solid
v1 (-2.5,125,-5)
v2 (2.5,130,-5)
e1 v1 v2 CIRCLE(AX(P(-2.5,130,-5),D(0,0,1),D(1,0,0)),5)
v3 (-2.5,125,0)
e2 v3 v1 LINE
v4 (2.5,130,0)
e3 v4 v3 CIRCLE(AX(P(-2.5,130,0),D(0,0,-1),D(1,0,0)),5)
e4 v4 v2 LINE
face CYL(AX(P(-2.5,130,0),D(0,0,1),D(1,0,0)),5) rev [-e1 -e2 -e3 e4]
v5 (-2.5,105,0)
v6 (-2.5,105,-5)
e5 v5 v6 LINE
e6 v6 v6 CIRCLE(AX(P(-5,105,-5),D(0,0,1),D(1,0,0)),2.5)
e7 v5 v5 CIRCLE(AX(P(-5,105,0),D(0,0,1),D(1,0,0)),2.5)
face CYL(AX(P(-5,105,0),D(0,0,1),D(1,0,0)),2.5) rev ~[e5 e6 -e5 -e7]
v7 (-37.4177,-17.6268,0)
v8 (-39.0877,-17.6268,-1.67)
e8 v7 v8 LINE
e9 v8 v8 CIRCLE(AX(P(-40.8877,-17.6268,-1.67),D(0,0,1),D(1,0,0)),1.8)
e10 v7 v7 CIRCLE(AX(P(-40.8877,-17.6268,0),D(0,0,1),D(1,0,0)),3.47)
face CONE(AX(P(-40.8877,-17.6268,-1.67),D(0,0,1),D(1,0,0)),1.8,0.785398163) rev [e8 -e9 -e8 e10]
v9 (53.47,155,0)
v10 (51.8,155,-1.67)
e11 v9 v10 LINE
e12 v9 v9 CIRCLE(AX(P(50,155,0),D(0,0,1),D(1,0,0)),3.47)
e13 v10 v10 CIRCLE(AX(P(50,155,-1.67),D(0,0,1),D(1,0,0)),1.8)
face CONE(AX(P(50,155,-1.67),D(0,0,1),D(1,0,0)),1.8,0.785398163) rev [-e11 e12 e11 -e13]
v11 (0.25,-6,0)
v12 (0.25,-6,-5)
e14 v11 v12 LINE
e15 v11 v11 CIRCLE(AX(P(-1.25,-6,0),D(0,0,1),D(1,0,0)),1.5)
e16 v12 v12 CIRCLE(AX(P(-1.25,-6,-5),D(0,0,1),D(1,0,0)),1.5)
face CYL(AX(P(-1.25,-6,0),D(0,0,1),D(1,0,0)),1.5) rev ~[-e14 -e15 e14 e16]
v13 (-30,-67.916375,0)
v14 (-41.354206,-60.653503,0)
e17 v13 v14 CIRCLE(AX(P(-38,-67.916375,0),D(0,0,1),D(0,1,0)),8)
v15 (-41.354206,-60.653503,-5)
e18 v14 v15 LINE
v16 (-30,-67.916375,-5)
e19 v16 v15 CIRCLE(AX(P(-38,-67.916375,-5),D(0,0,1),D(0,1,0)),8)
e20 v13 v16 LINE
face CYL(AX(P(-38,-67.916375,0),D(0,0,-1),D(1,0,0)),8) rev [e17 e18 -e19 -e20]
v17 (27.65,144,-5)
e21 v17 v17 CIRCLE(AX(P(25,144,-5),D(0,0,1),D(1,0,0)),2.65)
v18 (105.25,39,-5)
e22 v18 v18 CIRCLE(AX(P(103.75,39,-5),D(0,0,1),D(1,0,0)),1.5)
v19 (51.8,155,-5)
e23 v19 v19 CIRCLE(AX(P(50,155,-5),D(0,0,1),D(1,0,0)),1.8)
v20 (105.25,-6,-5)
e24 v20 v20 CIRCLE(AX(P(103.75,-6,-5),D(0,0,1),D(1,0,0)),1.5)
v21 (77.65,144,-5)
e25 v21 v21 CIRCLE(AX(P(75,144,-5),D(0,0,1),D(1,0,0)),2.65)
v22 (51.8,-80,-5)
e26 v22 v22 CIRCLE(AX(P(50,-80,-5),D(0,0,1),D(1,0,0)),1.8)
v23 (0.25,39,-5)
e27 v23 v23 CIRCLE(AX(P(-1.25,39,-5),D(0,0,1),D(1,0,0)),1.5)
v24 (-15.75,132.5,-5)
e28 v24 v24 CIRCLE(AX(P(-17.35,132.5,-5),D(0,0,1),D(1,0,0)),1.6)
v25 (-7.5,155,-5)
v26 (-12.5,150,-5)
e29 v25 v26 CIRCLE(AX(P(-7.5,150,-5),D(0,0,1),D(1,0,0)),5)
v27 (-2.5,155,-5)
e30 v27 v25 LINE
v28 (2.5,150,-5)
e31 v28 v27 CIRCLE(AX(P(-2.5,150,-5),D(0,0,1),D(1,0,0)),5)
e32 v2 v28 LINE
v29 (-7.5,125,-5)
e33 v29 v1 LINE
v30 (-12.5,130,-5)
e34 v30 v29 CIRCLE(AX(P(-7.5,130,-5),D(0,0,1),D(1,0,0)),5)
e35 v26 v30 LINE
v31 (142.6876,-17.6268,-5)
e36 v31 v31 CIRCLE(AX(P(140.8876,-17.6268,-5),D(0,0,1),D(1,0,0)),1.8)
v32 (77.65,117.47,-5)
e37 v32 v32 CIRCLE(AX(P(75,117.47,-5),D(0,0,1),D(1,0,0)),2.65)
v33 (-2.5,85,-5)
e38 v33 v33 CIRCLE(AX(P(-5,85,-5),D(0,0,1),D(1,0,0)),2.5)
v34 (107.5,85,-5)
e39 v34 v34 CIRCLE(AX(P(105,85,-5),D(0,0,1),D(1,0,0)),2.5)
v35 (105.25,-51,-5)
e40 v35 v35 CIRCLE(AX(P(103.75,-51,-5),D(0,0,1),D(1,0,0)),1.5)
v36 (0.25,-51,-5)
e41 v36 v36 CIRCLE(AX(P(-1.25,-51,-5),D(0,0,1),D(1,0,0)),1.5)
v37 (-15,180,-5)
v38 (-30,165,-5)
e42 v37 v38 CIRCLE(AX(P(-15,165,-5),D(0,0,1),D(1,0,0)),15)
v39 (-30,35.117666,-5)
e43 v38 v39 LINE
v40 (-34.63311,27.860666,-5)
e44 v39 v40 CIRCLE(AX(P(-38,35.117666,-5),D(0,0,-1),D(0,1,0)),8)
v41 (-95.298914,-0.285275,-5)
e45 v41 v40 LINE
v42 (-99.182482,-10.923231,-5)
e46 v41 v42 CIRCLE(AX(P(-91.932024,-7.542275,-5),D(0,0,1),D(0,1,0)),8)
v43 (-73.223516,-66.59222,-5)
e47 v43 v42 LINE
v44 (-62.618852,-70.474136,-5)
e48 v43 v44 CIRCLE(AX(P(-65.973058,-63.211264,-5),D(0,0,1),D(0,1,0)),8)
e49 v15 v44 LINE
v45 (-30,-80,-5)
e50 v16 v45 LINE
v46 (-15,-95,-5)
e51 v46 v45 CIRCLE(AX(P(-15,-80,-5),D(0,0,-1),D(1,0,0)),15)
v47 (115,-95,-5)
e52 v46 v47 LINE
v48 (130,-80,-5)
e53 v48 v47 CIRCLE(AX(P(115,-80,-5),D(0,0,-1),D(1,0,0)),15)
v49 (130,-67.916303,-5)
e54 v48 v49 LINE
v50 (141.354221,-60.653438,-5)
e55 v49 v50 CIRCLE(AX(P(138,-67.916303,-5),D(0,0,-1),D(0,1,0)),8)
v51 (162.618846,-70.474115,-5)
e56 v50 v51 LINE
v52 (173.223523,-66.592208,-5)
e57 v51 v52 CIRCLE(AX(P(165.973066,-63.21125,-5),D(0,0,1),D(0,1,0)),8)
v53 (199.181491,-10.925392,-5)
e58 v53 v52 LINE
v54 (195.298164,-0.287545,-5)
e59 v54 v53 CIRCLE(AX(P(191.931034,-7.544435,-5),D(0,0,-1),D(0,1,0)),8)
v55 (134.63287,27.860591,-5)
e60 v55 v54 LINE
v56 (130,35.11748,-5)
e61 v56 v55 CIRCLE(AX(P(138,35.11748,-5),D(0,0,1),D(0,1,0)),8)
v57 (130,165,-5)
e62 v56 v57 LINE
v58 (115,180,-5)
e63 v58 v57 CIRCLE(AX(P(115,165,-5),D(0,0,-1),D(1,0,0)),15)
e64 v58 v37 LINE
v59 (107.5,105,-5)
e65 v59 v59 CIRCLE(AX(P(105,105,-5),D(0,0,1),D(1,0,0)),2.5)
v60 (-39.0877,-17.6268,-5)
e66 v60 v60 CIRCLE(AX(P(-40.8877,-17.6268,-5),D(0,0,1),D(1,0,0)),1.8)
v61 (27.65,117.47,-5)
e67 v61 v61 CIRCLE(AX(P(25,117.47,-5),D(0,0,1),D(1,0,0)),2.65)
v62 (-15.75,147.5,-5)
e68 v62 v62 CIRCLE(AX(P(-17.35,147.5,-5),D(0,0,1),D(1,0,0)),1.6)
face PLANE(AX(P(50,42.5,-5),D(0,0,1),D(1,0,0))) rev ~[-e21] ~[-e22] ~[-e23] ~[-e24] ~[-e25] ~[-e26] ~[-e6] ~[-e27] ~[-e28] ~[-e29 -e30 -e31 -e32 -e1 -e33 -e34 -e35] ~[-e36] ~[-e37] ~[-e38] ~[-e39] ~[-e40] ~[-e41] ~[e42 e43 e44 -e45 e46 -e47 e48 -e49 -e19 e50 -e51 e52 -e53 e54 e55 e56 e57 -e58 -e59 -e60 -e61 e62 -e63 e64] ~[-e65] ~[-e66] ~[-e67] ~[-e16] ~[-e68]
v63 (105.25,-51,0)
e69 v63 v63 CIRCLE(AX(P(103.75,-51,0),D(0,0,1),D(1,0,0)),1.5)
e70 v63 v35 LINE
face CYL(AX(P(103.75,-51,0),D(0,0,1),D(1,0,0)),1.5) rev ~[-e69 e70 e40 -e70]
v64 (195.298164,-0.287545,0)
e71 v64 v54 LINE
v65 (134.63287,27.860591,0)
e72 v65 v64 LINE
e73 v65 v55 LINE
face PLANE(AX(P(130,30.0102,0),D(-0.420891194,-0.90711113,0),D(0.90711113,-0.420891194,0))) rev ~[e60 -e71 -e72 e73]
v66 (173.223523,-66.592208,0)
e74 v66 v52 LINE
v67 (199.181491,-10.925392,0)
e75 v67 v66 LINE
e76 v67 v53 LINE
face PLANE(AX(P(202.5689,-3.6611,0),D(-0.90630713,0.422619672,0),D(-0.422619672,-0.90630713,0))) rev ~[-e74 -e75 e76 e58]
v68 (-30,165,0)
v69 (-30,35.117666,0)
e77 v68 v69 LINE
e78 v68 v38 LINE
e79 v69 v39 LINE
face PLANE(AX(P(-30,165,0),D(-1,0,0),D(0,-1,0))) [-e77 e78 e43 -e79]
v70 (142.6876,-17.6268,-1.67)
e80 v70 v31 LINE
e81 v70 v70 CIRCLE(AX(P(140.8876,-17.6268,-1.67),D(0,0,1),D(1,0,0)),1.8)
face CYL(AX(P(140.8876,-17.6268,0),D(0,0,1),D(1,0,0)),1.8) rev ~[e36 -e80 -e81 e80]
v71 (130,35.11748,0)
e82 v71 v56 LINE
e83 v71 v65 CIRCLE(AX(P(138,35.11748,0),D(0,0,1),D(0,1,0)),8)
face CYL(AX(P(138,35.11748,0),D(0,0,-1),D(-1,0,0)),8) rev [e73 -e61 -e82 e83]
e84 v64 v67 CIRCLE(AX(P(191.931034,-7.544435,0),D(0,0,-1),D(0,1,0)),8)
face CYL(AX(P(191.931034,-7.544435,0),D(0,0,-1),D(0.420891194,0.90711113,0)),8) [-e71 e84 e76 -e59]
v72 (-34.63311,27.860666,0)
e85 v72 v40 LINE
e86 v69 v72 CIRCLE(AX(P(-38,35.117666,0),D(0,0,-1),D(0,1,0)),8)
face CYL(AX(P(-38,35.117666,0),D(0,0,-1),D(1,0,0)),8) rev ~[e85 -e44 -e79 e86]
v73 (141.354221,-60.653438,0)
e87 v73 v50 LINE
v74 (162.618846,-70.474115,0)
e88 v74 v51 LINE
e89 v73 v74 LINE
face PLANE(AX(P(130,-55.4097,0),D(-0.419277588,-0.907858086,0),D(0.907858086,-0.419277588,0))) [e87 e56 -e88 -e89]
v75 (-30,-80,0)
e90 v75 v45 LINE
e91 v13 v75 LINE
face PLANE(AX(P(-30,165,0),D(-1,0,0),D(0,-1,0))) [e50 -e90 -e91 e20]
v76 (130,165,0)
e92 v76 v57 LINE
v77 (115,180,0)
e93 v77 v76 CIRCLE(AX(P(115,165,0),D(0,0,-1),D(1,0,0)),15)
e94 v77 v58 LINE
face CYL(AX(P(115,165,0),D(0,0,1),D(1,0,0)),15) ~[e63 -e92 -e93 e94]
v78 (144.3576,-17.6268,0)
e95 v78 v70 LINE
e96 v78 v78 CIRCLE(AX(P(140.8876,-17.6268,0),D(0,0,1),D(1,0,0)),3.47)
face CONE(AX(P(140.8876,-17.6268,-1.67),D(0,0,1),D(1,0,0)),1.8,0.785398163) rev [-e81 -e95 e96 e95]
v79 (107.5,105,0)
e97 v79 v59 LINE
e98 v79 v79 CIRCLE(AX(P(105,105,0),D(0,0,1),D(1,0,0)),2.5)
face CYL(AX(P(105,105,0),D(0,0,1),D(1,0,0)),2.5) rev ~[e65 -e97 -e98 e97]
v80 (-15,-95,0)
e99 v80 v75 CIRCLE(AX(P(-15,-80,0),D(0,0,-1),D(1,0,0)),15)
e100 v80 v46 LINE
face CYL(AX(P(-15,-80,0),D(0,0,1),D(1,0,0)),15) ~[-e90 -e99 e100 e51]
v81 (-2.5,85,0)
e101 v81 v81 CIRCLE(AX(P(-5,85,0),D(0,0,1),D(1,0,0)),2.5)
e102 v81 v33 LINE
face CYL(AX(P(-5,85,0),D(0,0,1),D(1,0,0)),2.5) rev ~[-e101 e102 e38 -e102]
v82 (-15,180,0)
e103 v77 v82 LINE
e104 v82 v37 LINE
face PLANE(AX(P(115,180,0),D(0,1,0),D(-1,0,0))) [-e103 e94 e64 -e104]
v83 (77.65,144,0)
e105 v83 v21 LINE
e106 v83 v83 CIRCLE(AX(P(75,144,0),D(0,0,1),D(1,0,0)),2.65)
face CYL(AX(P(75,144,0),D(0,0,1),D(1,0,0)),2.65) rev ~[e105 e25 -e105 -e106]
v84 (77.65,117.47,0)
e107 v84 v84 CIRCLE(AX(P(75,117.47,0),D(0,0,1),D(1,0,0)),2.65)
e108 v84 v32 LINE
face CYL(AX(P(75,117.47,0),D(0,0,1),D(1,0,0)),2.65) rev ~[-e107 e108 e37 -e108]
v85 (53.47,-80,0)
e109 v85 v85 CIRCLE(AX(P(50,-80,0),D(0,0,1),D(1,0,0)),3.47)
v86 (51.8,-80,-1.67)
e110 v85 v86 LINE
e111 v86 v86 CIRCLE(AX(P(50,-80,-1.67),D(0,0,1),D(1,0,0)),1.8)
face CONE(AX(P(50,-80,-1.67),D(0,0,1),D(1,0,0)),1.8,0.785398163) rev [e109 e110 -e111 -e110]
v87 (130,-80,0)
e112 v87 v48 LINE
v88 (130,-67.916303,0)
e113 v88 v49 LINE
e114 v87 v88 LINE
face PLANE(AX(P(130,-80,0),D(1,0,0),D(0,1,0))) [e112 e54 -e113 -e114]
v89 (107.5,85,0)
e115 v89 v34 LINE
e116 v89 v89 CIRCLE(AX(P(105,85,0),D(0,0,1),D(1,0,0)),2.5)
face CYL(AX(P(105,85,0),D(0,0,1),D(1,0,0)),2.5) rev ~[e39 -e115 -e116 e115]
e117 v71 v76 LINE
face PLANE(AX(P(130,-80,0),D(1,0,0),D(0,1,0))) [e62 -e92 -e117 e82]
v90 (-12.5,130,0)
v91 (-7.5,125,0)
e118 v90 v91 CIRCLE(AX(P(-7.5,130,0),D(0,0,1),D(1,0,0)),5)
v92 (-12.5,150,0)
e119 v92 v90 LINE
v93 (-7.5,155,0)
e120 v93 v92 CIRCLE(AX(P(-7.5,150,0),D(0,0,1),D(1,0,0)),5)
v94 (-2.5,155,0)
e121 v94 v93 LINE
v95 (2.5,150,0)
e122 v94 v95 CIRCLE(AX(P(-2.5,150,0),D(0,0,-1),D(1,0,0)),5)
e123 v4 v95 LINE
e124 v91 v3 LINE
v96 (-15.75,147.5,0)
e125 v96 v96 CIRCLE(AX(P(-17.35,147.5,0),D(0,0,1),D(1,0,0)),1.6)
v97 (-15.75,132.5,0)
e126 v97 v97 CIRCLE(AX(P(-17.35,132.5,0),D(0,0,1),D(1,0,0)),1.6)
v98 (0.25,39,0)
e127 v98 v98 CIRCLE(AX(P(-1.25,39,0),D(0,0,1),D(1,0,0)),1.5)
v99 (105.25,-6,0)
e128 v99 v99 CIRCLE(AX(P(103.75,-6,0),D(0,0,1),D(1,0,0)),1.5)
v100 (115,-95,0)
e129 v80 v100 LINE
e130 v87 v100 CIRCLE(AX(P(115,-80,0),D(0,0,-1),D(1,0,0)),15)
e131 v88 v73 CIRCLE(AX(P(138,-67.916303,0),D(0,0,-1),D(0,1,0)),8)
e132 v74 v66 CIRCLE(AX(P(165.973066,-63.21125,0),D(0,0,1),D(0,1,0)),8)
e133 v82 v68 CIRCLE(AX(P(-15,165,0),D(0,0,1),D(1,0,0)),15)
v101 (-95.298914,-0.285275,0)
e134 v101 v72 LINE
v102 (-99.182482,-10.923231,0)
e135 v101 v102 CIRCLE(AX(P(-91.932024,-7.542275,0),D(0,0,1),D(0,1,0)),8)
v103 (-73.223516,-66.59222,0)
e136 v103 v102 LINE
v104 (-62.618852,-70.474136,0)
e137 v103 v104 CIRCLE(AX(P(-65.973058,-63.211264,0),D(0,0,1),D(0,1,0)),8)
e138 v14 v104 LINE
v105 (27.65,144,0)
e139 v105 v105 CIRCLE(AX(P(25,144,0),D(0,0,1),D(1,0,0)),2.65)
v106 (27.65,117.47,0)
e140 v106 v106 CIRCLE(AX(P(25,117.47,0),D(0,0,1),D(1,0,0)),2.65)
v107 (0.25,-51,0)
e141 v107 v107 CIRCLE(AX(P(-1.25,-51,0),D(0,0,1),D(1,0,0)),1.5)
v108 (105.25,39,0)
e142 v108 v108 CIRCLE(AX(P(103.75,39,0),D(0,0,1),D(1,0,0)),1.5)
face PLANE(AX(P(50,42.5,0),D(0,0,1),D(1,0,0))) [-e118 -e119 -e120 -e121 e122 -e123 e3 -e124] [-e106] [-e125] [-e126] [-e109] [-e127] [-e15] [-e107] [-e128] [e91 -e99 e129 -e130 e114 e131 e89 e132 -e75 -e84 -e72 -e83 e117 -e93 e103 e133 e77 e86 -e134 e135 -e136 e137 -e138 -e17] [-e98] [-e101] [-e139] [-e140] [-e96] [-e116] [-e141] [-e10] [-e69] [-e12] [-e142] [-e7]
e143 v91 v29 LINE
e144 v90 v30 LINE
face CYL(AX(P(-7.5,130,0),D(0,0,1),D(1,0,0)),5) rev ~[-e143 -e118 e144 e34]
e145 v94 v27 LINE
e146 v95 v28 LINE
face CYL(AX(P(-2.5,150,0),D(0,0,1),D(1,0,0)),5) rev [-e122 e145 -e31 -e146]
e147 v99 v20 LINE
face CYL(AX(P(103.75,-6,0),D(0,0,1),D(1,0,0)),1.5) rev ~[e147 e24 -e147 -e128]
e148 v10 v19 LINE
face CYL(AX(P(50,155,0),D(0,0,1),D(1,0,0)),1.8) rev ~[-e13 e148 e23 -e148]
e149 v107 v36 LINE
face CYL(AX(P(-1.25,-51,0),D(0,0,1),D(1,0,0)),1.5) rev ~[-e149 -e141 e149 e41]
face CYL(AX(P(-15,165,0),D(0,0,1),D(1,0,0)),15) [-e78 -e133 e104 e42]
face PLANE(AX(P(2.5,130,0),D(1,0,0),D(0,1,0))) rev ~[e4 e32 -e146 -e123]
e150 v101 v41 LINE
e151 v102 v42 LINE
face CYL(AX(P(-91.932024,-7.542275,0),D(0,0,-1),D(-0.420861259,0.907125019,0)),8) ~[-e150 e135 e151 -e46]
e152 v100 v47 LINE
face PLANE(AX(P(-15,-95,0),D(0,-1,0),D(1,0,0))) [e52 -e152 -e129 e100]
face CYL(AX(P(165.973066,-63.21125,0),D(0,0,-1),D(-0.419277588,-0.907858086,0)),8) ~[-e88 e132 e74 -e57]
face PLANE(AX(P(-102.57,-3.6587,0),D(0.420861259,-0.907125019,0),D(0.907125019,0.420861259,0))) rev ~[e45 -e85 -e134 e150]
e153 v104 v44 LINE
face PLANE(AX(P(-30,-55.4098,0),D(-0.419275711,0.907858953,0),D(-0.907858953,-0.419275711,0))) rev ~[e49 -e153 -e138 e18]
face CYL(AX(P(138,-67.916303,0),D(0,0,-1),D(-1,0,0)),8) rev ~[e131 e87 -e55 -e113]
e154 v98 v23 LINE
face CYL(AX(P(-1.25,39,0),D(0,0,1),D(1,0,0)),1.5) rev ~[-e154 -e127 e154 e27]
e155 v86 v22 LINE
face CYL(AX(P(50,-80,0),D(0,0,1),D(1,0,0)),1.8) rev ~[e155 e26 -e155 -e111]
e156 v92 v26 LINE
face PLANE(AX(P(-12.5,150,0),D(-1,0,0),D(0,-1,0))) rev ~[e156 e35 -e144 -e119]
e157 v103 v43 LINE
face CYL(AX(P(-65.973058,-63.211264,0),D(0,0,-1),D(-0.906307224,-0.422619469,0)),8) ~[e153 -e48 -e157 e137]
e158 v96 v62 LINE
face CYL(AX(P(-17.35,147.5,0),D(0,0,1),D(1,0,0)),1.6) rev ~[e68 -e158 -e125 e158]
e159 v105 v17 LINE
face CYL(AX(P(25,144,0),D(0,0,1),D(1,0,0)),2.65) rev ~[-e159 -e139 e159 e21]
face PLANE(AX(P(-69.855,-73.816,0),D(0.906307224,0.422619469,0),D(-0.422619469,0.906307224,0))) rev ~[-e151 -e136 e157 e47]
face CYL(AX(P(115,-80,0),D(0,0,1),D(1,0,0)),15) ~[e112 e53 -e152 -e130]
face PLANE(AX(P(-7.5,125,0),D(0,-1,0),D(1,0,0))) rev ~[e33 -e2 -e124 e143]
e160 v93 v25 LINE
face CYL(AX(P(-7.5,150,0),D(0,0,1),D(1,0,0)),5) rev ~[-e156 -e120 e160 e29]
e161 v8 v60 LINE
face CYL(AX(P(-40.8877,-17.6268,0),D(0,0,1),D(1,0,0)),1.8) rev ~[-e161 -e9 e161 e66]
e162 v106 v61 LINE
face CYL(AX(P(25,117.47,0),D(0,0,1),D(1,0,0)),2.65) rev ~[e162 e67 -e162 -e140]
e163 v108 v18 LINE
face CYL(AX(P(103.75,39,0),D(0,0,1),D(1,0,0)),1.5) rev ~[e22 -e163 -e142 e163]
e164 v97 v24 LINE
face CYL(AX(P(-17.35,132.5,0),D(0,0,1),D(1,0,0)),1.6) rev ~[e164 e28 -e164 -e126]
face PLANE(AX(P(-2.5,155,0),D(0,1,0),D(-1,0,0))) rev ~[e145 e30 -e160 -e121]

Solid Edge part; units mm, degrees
sketch "Sketch1" plane through (0, 0, 0) normal (0, 0, 1) x (1, 0, 0)
  line L0 (-30, 165) -> (-30, -80)
  arc A0 (-15, -95) -> (-30, -80) centre (-15, -80) cw
  line L1 (-15, -95) -> (115, -95)
  arc A1 (130, -80) -> (115, -95) centre (115, -80) cw
  line L2 (130, -80) -> (130, 165)
  arc A2 (115, 180) -> (130, 165) centre (115, 165) cw
  line L3 (115, 180) -> (-15, 180)
  arc A3 (-15, 180) -> (-30, 165) centre (-15, 165) ccw
extrude "Protrusion1" add sketch "Sketch1" against normal blind 5
sketch "Sketch2" plane through (0, 0, 0) normal (0, 0, 1) x (1, 0, 0)
  circle A0 centre (50, 155) radius 1.8
extrude "Cutout1" cut sketch "Sketch2" against normal through all
sketch "Sketch3" plane through (65, 80, 0) normal (0, 0, 1) x (1, 0, 0)
  circle A0 centre (-70, 25) radius 2.5
  circle A1 centre (-70, 5) radius 2.5
  circle A2 centre (40, 25) radius 2.5
  circle A3 centre (40, 5) radius 2.5
  line L0 (-62.5, 50) -> (-62.5, 70)
  arc A4 (-67.5, 75) -> (-62.5, 70) centre (-67.5, 70) cw
  line L1 (-67.5, 75) -> (-72.5, 75)
  arc A5 (-72.5, 75) -> (-77.5, 70) centre (-72.5, 70) ccw
  line L2 (-77.5, 70) -> (-77.5, 50)
  arc A6 (-77.5, 50) -> (-72.5, 45) centre (-72.5, 50) ccw
  line L3 (-72.5, 45) -> (-67.5, 45)
  arc A7 (-62.5, 50) -> (-67.5, 45) centre (-67.5, 50) cw
  dimension "D1" = 5
  dimension "D2" = 5
  dimension "D3" = 5
  dimension "D4" = 5
  dimension "D5" = 20
  dimension "D6" = 20
  dimension "D7" = 75
  dimension "D8" = 25
  dimension "D9" = 25
  dimension "D10" = 5
  dimension "D11" = 20
  dimension "D12" = 5
  dimension "D13" = 25
  dimension "D14" = 17.5
extrude "Cutout2" cut sketch "Sketch3" against normal through all
sketch "Sketch4" plane through (50, 42.5, 0) normal (0, 0, 1) x (1, 0, 0)
  line L0 (80, -12.4898) -> (152.5689, -46.1611)
  line L1 (152.5689, -46.1611) -> (119.855, -116.316)
  line L2 (80, -97.9097) -> (119.855, -116.316)
  line L3 (80, -12.4898) -> (80, -97.9097)
  line L4 (-152.57, -46.1587) -> (-80, -12.4898)
  line L5 (-80, -12.4898) -> (-80, -97.9098)
  line L6 (-80, -97.9098) -> (-119.855, -116.316)
  line L7 (-119.855, -116.316) -> (-152.57, -46.1587)
  dimension "D1" = 85.4199
  dimension "D2" = 80
  dimension "D3" = 77.4075
  dimension "D4" = 43.9
  dimension "D5" = 85.42
  dimension "D6" = 43.9
  dimension "D7" = 77.41
  dimension "D8" = 80
extrude "Protrusion2" add sketch "Sketch4" against normal blind 5
fillet "Round_1" radius 8 8 edges at (202.5689, -3.6611, -2.5) (169.855, -73.816, -2.5) (130, -55.4097, -2.5) (130, 30.0102, -2.5) (-30, 30.0102, -2.5) (-102.57, -3.6587, -2.5) (-69.855, -73.816, -2.5) (-30, -55.4098, -2.5)
sketch "Sketch5" plane through (49.9995, 42.5, 0) normal (0, 0, 1) x (1, 0, 0)
  circle A0 centre (-90.8872, -60.1268) radius 1.8
  circle A1 centre (0.0005, -122.5) radius 1.8
  circle A2 centre (90.8881, -60.1268) radius 1.8
  dimension "D1" = 50
  dimension "D2" = 3.6
  dimension "D3" = 3.6
  dimension "D4" = 3.6
  dimension "D5" = 50
extrude "Cutout3" cut sketch "Sketch5" against normal up to next
chamfer "Chamfer_3" distance 1.67 angle 45 4 edges at (-42.6876, -17.6268, 0) (48.2, -80, 0) (139.0876, -17.6268, 0) (48.2, 155, 0)
sketch "Sketch6" plane through (49.9995, 42.5, 0) normal (0, 0, 1) x (1, 0, 0)
  circle A0 centre (-67.3495, 105) radius 1.6
  circle A1 centre (-67.3495, 90) radius 1.6
  dimension "D1" = 3.2
  dimension "D2" = 3.2
  dimension "D3" = 15
  dimension "D4" = 4.85
  dimension "D5" = 32.5
extrude "Cutout4" cut sketch "Sketch6" against normal up to next
sketch "Sketch7" plane through (49.9995, 42.5, 0) normal (0, 0, 1) x (1, 0, 0)
  circle A0 centre (-24.9995, 101.5) radius 2.65
  circle A1 centre (25.0005, 101.5) radius 2.65
  circle A2 centre (-24.9995, 74.97) radius 2.65
  circle A3 centre (25.0005, 74.97) radius 2.65
  dimension "D1" = 5.3
  dimension "D2" = 5.3
  dimension "D3" = 5.3
  dimension "D4" = 5.3
  dimension "D5" = 55
  dimension "D6" = 55
  dimension "D7" = 36
  dimension "D8" = 26.53
extrude "Cutout5" cut sketch "Sketch7" against normal up to next
sketch "Sketch8" plane through (49.9995, 42.5, 0) normal (0, 0, 1) x (1, 0, 0)
  circle A0 centre (-51.2495, -93.5) radius 1.5
  circle A1 centre (-51.2495, -48.5) radius 1.5
  circle A2 centre (-51.2495, -3.5) radius 1.5
  circle A3 centre (53.7505, -3.5) radius 1.5
  circle A4 centre (53.7505, -48.5) radius 1.5
  circle A5 centre (53.7505, -93.5) radius 1.5
  dimension "D1" = 45
  dimension "D2" = 45
  dimension "D3" = 28.75
  dimension "D4" = 44
  dimension "D5" = 3
  dimension "D6" = 3
  dimension "D7" = 3
  dimension "D8" = 105
extrude "Cutout6" cut sketch "Sketch8" against normal up to next
properties material "Polycarbonate( 20-40% Glass Fiber)"
